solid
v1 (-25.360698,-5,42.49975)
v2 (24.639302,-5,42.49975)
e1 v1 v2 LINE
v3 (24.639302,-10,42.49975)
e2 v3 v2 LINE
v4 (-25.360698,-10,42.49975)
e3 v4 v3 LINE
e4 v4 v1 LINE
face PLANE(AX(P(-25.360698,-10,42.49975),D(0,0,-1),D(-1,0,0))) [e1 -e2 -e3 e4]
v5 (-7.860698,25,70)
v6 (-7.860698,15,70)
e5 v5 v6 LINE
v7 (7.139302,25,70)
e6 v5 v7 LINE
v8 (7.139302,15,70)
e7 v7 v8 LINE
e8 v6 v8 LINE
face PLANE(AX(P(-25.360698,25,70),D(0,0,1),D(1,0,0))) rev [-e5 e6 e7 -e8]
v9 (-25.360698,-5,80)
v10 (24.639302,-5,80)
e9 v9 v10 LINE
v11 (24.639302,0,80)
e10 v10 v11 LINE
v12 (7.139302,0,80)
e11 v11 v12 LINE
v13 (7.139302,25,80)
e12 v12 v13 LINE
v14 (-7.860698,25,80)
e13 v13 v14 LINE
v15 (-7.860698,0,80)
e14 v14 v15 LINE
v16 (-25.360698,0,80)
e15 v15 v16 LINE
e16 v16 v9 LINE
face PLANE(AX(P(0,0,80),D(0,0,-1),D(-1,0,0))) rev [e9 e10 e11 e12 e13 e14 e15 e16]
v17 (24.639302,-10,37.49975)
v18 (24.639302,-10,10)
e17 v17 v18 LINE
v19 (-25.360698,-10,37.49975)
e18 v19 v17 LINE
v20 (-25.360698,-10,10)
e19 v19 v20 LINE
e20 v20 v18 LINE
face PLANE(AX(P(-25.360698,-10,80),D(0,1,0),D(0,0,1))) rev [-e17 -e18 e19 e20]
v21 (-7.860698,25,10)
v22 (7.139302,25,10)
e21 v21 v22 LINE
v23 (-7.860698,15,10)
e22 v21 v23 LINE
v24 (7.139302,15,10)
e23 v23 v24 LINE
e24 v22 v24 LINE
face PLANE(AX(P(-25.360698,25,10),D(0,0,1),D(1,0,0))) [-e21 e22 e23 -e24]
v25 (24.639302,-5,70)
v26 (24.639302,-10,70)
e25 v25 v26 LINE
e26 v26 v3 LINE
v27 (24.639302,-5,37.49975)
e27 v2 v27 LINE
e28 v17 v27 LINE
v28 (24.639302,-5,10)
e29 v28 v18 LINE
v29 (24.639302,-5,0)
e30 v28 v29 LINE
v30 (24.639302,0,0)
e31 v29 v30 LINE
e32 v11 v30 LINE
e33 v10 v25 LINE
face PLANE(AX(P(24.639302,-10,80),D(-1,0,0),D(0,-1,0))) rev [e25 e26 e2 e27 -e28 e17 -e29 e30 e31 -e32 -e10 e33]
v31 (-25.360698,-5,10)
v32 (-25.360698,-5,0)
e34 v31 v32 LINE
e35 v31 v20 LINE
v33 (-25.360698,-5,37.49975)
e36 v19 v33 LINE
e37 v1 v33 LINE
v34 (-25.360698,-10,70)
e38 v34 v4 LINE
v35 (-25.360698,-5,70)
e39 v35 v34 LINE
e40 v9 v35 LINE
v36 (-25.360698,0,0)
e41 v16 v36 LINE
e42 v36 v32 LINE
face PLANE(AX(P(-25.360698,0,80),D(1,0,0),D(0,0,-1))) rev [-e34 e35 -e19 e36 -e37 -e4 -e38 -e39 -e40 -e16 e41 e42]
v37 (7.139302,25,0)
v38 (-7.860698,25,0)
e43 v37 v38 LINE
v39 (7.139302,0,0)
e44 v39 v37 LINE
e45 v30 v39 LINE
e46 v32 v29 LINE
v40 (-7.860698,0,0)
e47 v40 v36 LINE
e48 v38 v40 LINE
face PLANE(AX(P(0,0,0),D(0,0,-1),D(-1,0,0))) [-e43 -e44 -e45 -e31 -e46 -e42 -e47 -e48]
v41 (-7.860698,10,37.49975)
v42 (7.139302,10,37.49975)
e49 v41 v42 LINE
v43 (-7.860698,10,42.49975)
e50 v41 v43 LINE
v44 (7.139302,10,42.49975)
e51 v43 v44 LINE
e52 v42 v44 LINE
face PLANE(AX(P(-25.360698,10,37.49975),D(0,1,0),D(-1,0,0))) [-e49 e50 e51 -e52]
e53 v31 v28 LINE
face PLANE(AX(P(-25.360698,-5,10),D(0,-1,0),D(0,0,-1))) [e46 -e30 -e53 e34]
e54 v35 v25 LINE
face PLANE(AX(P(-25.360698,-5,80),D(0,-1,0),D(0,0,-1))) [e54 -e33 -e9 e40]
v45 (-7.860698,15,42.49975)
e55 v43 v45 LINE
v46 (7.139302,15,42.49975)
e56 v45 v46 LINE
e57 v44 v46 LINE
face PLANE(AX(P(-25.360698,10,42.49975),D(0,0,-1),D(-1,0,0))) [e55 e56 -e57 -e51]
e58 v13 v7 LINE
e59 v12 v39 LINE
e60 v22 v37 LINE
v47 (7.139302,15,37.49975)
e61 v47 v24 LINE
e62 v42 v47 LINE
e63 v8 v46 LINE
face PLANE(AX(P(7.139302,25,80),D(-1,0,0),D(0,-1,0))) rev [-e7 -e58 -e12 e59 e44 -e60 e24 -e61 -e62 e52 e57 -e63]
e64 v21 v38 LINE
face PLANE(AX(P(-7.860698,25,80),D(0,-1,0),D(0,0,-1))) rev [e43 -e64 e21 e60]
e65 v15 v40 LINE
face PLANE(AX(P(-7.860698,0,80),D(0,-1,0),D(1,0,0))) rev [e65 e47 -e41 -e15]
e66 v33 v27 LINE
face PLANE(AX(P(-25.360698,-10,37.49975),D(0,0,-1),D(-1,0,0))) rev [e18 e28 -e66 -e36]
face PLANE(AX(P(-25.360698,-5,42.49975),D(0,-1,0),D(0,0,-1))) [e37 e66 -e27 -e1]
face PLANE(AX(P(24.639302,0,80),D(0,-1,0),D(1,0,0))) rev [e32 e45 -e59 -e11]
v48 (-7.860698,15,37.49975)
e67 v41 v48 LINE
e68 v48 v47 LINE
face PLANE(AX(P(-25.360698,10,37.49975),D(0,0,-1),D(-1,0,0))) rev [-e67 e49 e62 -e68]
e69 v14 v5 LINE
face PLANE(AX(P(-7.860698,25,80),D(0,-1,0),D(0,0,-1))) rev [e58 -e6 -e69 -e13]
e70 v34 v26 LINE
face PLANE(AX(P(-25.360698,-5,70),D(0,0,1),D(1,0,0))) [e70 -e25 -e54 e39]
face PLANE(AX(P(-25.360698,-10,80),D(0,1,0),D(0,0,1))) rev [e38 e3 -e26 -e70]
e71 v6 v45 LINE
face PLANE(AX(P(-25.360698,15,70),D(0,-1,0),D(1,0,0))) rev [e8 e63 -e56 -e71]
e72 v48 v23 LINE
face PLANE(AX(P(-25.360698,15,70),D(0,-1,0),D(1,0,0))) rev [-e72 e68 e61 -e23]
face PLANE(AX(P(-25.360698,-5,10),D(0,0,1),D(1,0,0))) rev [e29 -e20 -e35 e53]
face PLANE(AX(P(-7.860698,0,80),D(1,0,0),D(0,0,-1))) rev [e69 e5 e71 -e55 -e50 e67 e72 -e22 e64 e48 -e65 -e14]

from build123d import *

# Parameters (mm, degrees)
BOSS_EXTRUDE1_DEPTH = 80
SKETCH4_W           = 60
SKETCH4_H           = 10
CUT_EXTRUDE1_DEPTH  = 90.895772982
SKETCH9_W           = 10
SKETCH9_H           = 5
CUT_EXTRUDE6_DEPTH  = 98.59610648
SKETCH10_W          = 10
SKETCH10_H          = 5
CUT_EXTRUDE7_DEPTH  = 98.59610648
SKETCH12_W          = 5
SKETCH12_H          = 5
CUT_EXTRUDE9_DEPTH  = 98.59610648
SKETCH6_W           = 5
SKETCH6_H           = 5
CUT_EXTRUDE11_DEPTH = 90.895772982


with BuildPart() as part:
    # Sketch1 → Boss-Extrude1 (new body)
    with BuildSketch(Plane.XY):
        Polygon((-7.860697776, 0), (-25.360697776, 0), (-25.360697776, -10), (24.639302224, -10), (24.639302224, 0), (7.139302224, 0), (7.139302224, 25), (-7.860697776, 25), align=None)
    extrude(amount=BOSS_EXTRUDE1_DEPTH)

    # Sketch4 → Cut-Extrude1 (cut, through all)
    with BuildSketch(Plane(origin=(7.139302224, 0, 0), x_dir=(0, 0, -1), z_dir=(1, 0, 0))):
        with Locations((-40, 20)):
            Rectangle(SKETCH4_W, SKETCH4_H)
    extrude(amount=-CUT_EXTRUDE1_DEPTH, mode=Mode.SUBTRACT)

    # Sketch9 → Cut-Extrude6 (cut, through all)
    with BuildSketch(Plane(origin=(24.639302224, 0, 0), x_dir=(0, 0, -1), z_dir=(1, 0, 0))):
        with Locations((-75, -7.5)):
            Rectangle(SKETCH9_W, SKETCH9_H)
    extrude(amount=-CUT_EXTRUDE6_DEPTH, mode=Mode.SUBTRACT)

    # Sketch10 → Cut-Extrude7 (cut, through all)
    with BuildSketch(Plane(origin=(24.639302224, 0, 0), x_dir=(0, 0, -1), z_dir=(1, 0, 0))):
        with Locations((-5, -7.5)):
            Rectangle(SKETCH10_W, SKETCH10_H)
    extrude(amount=-CUT_EXTRUDE7_DEPTH, mode=Mode.SUBTRACT)

    # Sketch12 → Cut-Extrude9 (cut, through all)
    with BuildSketch(Plane(origin=(24.639302224, 0, 0), x_dir=(0, 0, -1), z_dir=(1, 0, 0))):
        with Locations((-39.999750499, -7.5)):
            Rectangle(SKETCH12_W, SKETCH12_H)
    extrude(amount=-CUT_EXTRUDE9_DEPTH, mode=Mode.SUBTRACT)

    # Sketch6 → Cut-Extrude11 (cut, through all)
    with BuildSketch(Plane(origin=(7.139302224, 0, 0), x_dir=(0, 0, -1), z_dir=(1, 0, 0))):
        with Locations((-39.999750499, 12.5)):
            Rectangle(SKETCH6_W, SKETCH6_H)
    extrude(amount=-CUT_EXTRUDE11_DEPTH, mode=Mode.SUBTRACT)


solid = part.part
